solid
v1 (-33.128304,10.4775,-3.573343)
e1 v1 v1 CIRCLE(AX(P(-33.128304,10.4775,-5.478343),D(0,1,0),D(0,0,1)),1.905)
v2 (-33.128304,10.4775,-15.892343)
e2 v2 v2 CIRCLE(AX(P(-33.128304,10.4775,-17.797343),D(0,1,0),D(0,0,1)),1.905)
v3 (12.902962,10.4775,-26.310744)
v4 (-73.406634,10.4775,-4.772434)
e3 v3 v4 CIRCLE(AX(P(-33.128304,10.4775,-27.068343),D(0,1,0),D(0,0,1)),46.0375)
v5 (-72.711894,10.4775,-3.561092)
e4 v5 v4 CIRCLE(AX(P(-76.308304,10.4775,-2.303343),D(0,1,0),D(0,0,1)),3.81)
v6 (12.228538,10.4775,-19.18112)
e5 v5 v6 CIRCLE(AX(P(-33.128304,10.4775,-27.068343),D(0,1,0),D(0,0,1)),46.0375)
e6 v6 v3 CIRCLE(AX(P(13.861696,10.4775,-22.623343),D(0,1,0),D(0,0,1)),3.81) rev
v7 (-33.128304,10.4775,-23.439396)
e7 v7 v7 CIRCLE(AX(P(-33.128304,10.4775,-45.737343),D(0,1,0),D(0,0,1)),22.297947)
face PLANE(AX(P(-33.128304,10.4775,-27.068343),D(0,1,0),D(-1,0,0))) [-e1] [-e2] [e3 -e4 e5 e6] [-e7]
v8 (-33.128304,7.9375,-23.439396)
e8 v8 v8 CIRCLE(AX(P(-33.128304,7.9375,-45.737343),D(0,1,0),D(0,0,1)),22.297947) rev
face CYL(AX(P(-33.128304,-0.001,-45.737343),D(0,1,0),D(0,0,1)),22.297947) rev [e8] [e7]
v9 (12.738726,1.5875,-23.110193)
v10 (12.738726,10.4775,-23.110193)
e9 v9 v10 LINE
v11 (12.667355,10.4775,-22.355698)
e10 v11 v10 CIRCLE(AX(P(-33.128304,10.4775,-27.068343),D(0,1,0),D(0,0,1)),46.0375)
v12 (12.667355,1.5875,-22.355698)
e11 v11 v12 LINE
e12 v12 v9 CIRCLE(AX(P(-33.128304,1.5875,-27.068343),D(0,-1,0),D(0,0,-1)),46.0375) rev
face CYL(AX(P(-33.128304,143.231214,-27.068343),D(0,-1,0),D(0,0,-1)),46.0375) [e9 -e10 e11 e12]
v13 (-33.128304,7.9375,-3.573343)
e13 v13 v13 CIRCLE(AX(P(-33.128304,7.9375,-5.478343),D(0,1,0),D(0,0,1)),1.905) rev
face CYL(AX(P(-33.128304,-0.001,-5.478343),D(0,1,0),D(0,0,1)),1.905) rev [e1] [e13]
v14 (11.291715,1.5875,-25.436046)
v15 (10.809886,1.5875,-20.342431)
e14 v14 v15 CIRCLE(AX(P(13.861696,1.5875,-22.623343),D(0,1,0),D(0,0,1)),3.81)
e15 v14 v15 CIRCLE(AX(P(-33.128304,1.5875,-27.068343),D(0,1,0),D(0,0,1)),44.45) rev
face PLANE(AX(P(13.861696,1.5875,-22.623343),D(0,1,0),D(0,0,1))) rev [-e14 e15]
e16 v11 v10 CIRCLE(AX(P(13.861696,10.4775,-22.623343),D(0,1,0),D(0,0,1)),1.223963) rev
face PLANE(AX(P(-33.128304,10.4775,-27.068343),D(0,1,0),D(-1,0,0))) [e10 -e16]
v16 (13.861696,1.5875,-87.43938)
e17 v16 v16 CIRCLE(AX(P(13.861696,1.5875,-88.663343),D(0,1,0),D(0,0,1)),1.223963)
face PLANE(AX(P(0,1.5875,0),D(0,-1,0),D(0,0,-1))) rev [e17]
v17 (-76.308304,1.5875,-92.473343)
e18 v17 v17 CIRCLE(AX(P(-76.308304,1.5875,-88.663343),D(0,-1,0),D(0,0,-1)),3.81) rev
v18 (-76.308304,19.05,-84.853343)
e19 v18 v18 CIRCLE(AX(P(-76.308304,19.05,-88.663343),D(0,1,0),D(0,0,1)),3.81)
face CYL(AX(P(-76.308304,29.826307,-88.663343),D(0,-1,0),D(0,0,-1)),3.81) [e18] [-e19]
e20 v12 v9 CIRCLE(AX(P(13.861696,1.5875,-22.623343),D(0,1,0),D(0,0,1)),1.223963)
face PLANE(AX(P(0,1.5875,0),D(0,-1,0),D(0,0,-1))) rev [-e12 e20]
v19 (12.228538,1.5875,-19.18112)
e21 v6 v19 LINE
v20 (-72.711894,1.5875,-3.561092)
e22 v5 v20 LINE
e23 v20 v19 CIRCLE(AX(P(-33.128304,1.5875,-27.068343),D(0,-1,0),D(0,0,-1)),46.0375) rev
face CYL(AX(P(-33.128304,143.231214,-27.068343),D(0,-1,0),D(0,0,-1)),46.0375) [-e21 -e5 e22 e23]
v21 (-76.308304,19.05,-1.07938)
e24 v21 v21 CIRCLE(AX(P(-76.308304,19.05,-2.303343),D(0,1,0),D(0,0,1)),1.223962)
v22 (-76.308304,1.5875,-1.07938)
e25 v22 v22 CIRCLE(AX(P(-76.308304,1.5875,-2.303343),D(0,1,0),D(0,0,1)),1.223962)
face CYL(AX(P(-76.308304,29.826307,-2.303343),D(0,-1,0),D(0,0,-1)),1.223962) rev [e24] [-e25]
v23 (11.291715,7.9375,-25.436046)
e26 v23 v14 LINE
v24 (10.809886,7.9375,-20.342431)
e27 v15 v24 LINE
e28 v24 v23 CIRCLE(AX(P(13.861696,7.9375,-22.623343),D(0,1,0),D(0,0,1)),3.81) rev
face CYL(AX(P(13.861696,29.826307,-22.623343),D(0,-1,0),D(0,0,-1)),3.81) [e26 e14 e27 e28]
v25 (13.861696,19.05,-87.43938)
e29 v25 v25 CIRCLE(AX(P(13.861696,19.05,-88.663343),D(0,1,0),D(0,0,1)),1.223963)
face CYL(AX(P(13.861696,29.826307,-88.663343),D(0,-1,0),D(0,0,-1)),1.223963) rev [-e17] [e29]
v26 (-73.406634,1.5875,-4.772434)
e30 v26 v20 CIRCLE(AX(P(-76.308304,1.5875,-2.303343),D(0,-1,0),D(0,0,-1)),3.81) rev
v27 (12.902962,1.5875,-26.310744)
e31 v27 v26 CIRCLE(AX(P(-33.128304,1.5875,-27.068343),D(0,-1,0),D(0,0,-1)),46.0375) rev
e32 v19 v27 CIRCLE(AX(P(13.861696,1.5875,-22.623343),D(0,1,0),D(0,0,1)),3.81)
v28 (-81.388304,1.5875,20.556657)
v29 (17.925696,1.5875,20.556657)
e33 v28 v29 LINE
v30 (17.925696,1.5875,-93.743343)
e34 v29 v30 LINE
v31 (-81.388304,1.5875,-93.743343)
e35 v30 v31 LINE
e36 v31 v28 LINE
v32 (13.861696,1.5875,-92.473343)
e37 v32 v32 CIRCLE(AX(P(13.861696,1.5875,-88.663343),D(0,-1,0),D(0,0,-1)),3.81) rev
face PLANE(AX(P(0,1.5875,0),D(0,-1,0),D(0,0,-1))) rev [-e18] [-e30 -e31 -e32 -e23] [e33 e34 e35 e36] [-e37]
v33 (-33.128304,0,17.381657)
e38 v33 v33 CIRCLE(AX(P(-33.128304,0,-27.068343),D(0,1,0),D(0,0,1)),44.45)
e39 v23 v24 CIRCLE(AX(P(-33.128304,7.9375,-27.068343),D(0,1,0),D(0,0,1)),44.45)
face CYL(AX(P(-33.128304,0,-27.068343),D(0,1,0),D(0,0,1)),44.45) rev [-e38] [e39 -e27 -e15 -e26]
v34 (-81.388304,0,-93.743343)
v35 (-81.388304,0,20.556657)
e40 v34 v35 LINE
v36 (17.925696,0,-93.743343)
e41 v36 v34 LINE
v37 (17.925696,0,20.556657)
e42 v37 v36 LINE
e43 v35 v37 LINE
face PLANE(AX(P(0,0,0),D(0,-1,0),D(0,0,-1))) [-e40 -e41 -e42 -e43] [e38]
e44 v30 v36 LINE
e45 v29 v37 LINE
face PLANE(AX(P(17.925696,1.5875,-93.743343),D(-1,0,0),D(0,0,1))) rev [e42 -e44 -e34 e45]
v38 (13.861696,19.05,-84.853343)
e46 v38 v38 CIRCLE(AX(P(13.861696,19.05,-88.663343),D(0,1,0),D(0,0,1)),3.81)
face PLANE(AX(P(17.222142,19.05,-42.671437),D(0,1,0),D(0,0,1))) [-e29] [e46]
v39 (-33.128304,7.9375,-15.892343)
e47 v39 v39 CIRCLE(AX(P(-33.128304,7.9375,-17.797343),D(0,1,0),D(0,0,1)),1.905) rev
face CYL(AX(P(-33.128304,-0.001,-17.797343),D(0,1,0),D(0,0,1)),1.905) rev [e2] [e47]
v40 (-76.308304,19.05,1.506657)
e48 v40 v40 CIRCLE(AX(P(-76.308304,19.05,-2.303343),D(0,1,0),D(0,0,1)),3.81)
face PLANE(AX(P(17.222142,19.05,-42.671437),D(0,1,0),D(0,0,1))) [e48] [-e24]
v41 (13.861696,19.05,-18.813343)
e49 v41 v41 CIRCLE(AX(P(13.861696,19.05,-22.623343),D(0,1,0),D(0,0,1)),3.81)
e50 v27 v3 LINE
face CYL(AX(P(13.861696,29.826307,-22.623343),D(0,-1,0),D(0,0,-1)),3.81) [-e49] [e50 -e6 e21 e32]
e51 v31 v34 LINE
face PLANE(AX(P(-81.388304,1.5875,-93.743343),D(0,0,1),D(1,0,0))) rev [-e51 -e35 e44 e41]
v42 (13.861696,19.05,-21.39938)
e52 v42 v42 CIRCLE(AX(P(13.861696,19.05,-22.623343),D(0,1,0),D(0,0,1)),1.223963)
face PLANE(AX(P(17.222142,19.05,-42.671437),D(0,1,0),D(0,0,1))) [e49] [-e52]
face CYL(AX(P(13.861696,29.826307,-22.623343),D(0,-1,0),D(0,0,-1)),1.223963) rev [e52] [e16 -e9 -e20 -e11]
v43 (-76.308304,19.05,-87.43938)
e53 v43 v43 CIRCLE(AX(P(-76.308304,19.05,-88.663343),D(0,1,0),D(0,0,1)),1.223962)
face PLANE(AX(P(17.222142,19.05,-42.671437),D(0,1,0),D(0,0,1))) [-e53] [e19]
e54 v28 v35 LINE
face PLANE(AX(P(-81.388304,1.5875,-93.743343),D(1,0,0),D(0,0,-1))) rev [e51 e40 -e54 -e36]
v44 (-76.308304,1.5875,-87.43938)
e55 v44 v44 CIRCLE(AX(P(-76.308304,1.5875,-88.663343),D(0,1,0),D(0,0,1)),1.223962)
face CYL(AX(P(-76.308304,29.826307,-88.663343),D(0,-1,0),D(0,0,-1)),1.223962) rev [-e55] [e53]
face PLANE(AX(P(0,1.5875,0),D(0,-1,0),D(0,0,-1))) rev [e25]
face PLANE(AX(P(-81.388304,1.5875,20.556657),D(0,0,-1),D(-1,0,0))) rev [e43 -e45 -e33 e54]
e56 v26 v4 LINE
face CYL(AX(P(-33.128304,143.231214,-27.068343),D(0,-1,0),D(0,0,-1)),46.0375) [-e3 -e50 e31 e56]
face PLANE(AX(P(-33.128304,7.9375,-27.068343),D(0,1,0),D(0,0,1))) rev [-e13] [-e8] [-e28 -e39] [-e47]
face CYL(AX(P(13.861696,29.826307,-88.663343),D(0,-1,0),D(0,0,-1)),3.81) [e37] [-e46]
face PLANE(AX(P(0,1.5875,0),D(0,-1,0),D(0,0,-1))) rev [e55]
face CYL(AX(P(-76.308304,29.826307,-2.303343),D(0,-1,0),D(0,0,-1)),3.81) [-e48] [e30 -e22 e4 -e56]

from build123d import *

# Parameters (mm, degrees)
SKETCH1_W                        = 99.314
SKETCH1_H                        = 114.3
MAIN_DEPTH                       = 1.5875
SKETCH3_R                        = 46.0375
RAISED_DISK_EDGE_DEPTH           = 10.4775
SKETCH4_R                        = 44.45
DISK_HOLLOW_DEPTH                = 8.9375
SKETCH5_R                        = 1.905
SCREW_HOLES_ON_FRONT_PANEL_DEPTH = 2.54
SKETCH6_R                        = 3.81
SKETCH6_R_2                      = 1.2239625
MOUNTING_POSTS_DEPTH             = 17.4625
HOLLOW_REACH                     = 12.478
SKETCH8_R                        = 22.29794733


with BuildPart() as part:
    # Sketch1 → main (new body)
    with BuildSketch(Plane(origin=(0, 0, 0), x_dir=(1, 0, 0), z_dir=(0, 1, 0))):
        with Locations((-31.731304389, 36.593342839)):
            Rectangle(SKETCH1_W, SKETCH1_H)
    extrude(amount=MAIN_DEPTH)


with BuildPart() as body_2:
    # Sketch3 → raised disk edge (new body)
    with BuildSketch(Plane(origin=(0, 0, 0), x_dir=(1, 0, 0), z_dir=(0, 1, 0))):
        with Locations((-33.128304389, 27.068342839)):
            Circle(SKETCH3_R)
    extrude(amount=RAISED_DISK_EDGE_DEPTH)


with BuildPart() as disk_hollow_tool:
    # Sketch4 → disk hollow (new body, through all)
    with BuildSketch(Plane(origin=(0, 7.9375, 0), x_dir=(1, 0, 0), z_dir=(0, 1, 0))):
        with Locations((-33.128304389, 27.068342839)):
            Circle(SKETCH4_R)
    extrude(amount=-DISK_HOLLOW_DEPTH)


with BuildPart() as part_1:
    add(part.part)

    # disk hollow: cut by disk_hollow_tool
    add(disk_hollow_tool.part, mode=Mode.SUBTRACT)



with BuildPart() as body_2_1:
    add(body_2.part)

    # disk hollow: cut by disk_hollow_tool
    add(disk_hollow_tool.part, mode=Mode.SUBTRACT)

    # Sketch5 → screw holes on front panel (cut)
    with BuildSketch(Plane(origin=(0, 10.4775, 0), x_dir=(1, 0, 0), z_dir=(0, 1, 0))):
        with Locations((-33.128304389, 17.797342839)):
            Circle(SKETCH5_R)
        with Locations((-33.128304389, 5.478342839)):
            Circle(SKETCH5_R)
    extrude(amount=-SCREW_HOLES_ON_FRONT_PANEL_DEPTH, mode=Mode.SUBTRACT)


with BuildPart() as part_2:
    add(part_1.part)

    add(body_2_1.part)  # mounting posts merges body 2
    # Sketch6 → mounting posts (add)
    with BuildSketch(Plane(origin=(0, 1.5875, 0), x_dir=(1, 0, 0), z_dir=(0, 1, 0))):
        with Locations((-76.308304389, 2.303342839)):
            Circle(SKETCH6_R)
        with Locations((-76.308304389, 2.303342839)):
            Circle(SKETCH6_R_2, mode=Mode.SUBTRACT)
        with Locations((13.861695611, 22.623342839)):
            Circle(SKETCH6_R)
        with Locations((13.861695611, 22.623342839)):
            Circle(SKETCH6_R_2, mode=Mode.SUBTRACT)
        with Locations((-76.308304389, 88.663342839)):
            Circle(SKETCH6_R)
        with Locations((-76.308304389, 88.663342839)):
            Circle(SKETCH6_R_2, mode=Mode.SUBTRACT)
        with Locations((13.861695611, 88.663342839)):
            Circle(SKETCH6_R)
        with Locations((13.861695611, 88.663342839)):
            Circle(SKETCH6_R_2, mode=Mode.SUBTRACT)
    extrude(amount=MOUNTING_POSTS_DEPTH)

    # Sketch8 → hollow (cut, up to next)
    with BuildSketch(Plane(origin=(0, 10.4775, 0), x_dir=(1, 0, 0), z_dir=(0, 1, 0)), mode=Mode.PRIVATE) as hollow_sk1:
        with Locations((-33.128304389, 45.737342839)):
            Circle(SKETCH8_R)
    hollow_tool1 = extrude(hollow_sk1.sketch, amount=-HOLLOW_REACH, mode=Mode.PRIVATE) & part_2.part
    add(hollow_tool1.solids().sort_by_distance((-33.128304, 10.4775, -45.737343))[0], mode=Mode.SUBTRACT)


solid = part_2.part
